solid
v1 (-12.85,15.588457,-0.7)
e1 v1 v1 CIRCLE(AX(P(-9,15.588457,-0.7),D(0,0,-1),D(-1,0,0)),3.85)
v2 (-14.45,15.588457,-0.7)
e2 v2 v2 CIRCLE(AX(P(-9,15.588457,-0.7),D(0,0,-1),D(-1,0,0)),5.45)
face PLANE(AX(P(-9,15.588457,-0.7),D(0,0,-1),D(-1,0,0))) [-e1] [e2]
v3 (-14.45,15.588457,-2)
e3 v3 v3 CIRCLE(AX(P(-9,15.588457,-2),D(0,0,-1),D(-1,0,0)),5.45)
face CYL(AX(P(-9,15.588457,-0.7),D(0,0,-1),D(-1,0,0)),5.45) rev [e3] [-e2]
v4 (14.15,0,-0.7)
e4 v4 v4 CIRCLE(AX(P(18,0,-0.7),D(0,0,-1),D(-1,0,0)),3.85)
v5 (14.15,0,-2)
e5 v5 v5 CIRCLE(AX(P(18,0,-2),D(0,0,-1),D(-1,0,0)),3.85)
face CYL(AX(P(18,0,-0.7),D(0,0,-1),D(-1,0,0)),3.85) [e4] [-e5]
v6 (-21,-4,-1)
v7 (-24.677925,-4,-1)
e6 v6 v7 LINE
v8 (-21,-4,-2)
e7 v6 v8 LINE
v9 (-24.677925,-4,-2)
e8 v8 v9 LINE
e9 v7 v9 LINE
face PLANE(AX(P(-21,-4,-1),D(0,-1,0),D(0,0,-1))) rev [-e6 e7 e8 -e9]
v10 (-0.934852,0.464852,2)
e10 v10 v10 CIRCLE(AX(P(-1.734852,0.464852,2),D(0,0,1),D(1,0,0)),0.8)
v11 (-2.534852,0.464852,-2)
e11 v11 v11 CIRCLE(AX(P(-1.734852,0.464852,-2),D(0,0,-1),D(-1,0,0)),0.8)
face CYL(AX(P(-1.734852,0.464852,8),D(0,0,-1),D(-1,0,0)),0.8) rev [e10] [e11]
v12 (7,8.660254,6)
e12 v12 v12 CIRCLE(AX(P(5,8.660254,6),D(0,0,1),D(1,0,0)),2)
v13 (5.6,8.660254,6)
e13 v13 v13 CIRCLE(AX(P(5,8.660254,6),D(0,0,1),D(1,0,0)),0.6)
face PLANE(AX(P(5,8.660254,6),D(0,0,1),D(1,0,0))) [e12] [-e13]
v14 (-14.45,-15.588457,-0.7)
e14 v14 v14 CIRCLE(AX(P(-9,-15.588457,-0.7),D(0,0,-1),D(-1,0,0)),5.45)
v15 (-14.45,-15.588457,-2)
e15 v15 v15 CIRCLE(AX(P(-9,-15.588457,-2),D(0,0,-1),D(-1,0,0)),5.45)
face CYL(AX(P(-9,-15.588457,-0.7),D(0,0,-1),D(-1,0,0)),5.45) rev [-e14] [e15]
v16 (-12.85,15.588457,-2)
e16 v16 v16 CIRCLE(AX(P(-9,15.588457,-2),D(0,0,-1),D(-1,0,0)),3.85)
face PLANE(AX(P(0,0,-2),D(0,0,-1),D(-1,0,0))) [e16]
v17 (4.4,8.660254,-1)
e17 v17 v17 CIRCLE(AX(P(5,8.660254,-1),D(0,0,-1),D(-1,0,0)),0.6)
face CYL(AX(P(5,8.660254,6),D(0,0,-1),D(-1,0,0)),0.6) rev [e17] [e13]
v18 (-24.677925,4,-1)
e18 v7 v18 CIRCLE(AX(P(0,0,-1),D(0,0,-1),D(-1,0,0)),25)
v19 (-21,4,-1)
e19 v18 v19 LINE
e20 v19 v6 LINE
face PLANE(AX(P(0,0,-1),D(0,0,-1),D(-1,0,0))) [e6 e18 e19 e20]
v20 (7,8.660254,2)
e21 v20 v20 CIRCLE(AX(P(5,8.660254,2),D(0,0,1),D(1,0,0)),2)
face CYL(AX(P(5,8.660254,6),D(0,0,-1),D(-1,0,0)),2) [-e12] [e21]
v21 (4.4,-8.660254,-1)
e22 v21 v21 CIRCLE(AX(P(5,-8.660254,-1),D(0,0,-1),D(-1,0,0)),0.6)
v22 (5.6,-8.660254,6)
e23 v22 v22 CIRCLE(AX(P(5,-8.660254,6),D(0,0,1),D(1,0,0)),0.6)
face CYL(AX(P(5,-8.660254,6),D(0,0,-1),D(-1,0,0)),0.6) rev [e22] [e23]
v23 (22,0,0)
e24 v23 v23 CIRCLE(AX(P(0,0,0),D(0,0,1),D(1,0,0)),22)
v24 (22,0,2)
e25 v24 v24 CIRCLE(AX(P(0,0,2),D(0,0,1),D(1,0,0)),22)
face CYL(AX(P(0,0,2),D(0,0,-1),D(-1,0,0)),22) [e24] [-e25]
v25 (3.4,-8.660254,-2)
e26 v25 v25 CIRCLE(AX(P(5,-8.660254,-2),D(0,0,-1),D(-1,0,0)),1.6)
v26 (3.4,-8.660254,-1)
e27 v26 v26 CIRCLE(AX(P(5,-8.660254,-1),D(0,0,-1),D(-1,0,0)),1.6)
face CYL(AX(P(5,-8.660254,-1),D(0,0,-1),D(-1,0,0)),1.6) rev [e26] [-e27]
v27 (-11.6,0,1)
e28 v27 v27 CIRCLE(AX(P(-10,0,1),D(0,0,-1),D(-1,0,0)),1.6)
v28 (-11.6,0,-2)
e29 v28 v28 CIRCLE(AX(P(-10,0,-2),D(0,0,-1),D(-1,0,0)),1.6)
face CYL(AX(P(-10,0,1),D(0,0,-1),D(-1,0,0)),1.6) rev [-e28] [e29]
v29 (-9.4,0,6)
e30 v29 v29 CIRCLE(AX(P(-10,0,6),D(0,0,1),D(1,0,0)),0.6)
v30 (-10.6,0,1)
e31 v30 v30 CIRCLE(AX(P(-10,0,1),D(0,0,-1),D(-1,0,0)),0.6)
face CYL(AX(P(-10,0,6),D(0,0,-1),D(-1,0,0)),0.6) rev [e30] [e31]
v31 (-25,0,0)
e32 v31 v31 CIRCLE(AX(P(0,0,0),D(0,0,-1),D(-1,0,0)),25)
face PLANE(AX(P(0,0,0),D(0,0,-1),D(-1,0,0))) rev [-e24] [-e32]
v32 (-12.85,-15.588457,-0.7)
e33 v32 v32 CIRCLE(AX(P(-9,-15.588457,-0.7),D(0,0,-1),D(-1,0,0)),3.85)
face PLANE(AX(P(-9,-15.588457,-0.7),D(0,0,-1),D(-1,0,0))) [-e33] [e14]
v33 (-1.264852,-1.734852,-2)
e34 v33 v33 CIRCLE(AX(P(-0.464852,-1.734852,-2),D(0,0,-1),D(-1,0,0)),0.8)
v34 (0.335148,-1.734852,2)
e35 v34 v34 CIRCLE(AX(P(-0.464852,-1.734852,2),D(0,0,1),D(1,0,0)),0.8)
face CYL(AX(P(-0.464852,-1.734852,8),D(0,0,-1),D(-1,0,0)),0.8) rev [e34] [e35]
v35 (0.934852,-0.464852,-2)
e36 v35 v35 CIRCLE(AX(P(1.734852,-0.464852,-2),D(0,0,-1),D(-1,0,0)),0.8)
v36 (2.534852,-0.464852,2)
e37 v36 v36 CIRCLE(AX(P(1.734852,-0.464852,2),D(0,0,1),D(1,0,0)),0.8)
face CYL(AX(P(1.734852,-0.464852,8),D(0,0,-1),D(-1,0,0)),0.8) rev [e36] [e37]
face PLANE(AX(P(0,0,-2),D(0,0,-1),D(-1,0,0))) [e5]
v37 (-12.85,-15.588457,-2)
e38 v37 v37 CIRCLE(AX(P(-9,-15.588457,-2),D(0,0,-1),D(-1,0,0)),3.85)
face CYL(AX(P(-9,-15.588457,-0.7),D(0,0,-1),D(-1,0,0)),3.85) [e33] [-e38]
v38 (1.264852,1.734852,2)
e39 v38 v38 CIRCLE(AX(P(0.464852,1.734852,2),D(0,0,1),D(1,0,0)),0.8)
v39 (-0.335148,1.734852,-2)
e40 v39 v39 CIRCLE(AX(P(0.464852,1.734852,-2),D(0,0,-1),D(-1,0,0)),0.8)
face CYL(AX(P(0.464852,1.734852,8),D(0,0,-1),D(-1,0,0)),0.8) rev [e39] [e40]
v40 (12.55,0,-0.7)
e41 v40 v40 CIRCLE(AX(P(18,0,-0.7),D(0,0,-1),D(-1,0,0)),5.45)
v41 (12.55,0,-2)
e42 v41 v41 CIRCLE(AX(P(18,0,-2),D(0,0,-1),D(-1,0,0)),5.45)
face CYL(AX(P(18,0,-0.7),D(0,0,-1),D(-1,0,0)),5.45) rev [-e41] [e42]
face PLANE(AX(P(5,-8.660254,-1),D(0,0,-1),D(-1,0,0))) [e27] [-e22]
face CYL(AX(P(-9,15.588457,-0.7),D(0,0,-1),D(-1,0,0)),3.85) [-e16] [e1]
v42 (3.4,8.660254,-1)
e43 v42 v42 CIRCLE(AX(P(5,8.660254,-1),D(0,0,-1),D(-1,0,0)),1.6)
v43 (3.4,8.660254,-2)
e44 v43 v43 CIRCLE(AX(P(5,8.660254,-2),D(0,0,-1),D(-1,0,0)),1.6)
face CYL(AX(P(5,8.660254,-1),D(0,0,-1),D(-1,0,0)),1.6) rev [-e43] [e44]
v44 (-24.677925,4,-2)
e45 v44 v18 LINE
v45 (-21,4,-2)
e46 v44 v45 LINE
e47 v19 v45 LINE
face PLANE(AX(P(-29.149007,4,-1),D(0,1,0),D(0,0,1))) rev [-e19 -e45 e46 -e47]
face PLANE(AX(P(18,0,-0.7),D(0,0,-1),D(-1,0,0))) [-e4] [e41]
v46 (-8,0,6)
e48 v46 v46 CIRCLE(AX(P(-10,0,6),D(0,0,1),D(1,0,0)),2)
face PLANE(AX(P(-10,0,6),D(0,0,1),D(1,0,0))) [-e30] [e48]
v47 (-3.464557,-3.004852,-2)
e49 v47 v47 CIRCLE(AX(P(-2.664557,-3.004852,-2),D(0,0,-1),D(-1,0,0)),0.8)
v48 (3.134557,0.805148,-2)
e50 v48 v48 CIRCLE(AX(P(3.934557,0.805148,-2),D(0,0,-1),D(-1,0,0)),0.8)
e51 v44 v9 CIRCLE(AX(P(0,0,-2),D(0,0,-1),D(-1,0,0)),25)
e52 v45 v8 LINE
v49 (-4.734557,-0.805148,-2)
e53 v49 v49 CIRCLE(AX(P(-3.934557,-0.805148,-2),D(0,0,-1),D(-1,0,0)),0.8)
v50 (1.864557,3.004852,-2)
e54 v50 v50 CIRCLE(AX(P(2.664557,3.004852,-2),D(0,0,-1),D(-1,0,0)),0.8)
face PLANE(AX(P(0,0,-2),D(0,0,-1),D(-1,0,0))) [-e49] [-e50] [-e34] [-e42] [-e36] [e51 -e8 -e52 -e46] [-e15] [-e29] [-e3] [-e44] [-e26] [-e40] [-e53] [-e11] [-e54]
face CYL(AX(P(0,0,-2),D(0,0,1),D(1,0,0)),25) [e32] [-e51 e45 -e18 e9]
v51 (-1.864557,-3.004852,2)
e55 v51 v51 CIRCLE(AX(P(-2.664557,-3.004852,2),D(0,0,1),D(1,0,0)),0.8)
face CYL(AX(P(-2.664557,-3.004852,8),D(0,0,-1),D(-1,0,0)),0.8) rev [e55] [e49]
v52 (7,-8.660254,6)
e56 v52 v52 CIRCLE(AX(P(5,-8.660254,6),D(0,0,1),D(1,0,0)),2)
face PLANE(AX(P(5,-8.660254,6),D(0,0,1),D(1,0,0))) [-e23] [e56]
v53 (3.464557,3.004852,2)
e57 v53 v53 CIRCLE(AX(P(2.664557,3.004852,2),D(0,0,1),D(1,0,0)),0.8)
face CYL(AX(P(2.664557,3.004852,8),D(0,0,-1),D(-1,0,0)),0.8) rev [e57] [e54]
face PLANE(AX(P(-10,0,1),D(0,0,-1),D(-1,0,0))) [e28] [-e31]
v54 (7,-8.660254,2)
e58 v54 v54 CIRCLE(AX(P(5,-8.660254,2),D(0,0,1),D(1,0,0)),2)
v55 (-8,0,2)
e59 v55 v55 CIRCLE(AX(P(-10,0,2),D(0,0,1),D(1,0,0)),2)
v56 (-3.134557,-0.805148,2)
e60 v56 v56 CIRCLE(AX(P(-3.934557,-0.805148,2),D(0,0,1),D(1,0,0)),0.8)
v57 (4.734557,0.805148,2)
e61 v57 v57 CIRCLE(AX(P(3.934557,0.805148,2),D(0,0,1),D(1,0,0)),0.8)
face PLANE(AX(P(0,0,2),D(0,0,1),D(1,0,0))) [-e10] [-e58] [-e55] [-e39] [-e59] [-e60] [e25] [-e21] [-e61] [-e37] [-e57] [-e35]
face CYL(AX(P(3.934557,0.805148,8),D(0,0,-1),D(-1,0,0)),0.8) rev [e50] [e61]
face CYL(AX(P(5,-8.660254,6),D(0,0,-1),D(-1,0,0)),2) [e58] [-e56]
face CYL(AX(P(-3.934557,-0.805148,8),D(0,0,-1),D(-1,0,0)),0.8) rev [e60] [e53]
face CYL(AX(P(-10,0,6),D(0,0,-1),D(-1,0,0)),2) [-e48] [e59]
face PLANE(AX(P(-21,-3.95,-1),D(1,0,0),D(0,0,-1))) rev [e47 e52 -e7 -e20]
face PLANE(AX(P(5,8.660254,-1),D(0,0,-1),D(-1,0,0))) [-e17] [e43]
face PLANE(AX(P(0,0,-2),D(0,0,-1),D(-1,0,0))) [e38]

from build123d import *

# Parameters (mm, degrees)
SKETCH_1_R          = 22
EXTRUDE_1_DEPTH     = 2
SKETCH_2_R          = 2
SKETCH_2_R_2        = 0.6
EXTRUDE_2_DEPTH     = 4
SKETCH_3_R          = 25
EXTRUDE_3_DEPTH     = 2
CUT_EXTRUDE_2_DEPTH = 1
SKETCH_6_R          = 5.45
SKETCH_6_R_2        = 3.85
CUT_EXTRUDE_3_DEPTH = 1.3
SKETCH_8_R          = 0.6
CUT_EXTRUDE_4_DEPTH = 18.5
SKETCH_9_R          = 16.695755265
CUT_EXTRUDE_5_DEPTH = 2
SKETCH_10_R         = 1.6
CUT_EXTRUDE_6_DEPTH = 1
SKETCH_11_R         = 1.6
CUT_EXTRUDE_7_DEPTH = 3
SKETCH_13_R         = 2
SKETCH_13_R_2       = 0.6
EXTRUDE_4_DEPTH     = 2
SKETCH_14_R         = 0.8
CUT_EXTRUDE_8_DEPTH = 10


with BuildPart() as part:
    # 草图1 → 凸台-拉伸1 (new body)
    with BuildSketch(Plane.XY):
        Circle(SKETCH_1_R)
    extrude(amount=EXTRUDE_1_DEPTH)

    # 草图2 → 凸台-拉伸2 (add)
    with BuildSketch(Plane.XY.offset(2)):
        with Locations((-10, 0)):
            Circle(SKETCH_2_R)
        with Locations((-10, 0)):
            Circle(SKETCH_2_R_2, mode=Mode.SUBTRACT)
        with Locations((5, 8.660254038)):
            Circle(SKETCH_2_R)
        with Locations((5, 8.660254038)):
            Circle(SKETCH_2_R_2, mode=Mode.SUBTRACT)
        with Locations((5, -8.660254038)):
            Circle(SKETCH_2_R)
        with Locations((5, -8.660254038)):
            Circle(SKETCH_2_R_2, mode=Mode.SUBTRACT)
    extrude(amount=EXTRUDE_2_DEPTH)

    # 草图3 → 凸台-拉伸3 (add)
    with BuildSketch(Plane(origin=(0, 0, 0), x_dir=(-1, 0, 0), z_dir=(0, 0, -1))):
        Circle(SKETCH_3_R)
    extrude(amount=EXTRUDE_3_DEPTH)

    # 草图5 → 切除-拉伸2 (cut)
    with BuildSketch(Plane(origin=(0, 0, -2), x_dir=(-1, 0, 0), z_dir=(0, 0, -1))):
        Polygon((21, -3.95), (21, -4), (29.149006969, -4), (29.149006969, 4), (21, 4), align=None)
    extrude(amount=-CUT_EXTRUDE_2_DEPTH, mode=Mode.SUBTRACT)

    # 草图6 → 切除-拉伸3 (cut)
    with BuildSketch(Plane(origin=(0, 0, -2), x_dir=(-1, 0, 0), z_dir=(0, 0, -1))):
        with Locations((-18, 0)):
            Circle(SKETCH_6_R)
        with Locations((-18, 0)):
            Circle(SKETCH_6_R_2, mode=Mode.SUBTRACT)
        with Locations((9, 15.588457268)):
            Circle(SKETCH_6_R)
        with Locations((9, 15.588457268)):
            Circle(SKETCH_6_R_2, mode=Mode.SUBTRACT)
        with Locations((9, -15.588457268)):
            Circle(SKETCH_6_R)
        with Locations((9, -15.588457268)):
            Circle(SKETCH_6_R_2, mode=Mode.SUBTRACT)
    extrude(amount=-CUT_EXTRUDE_3_DEPTH, mode=Mode.SUBTRACT)

    # 草图8 → 切除-拉伸4 (cut)
    with BuildSketch(Plane.XY.offset(6)):
        with Locations((5, -8.660254038)):
            Circle(SKETCH_8_R)
        with Locations((-10, 0)):
            Circle(SKETCH_8_R)
        with Locations((5, 8.660254038)):
            Circle(SKETCH_8_R)
    extrude(amount=-CUT_EXTRUDE_4_DEPTH, mode=Mode.SUBTRACT)

    # 草图9 → 切除-拉伸5 (cut)
    with BuildSketch(Plane.XY.offset(6)):
        Circle(SKETCH_9_R)
    extrude(amount=-CUT_EXTRUDE_5_DEPTH, mode=Mode.SUBTRACT)

    # 草图10 → 切除-拉伸6 (cut)
    with BuildSketch(Plane(origin=(0, 0, -2), x_dir=(-1, 0, 0), z_dir=(0, 0, -1))):
        with Locations((-5, -8.660254038)):
            Circle(SKETCH_10_R)
        with Locations((-5, 8.660254038)):
            Circle(SKETCH_10_R)
    extrude(amount=-CUT_EXTRUDE_6_DEPTH, mode=Mode.SUBTRACT)

    # 草图11 → 切除-拉伸7 (cut)
    with BuildSketch(Plane(origin=(0, 0, -2), x_dir=(-1, 0, 0), z_dir=(0, 0, -1))):
        with Locations((10, 0)):
            Circle(SKETCH_11_R)
    extrude(amount=-CUT_EXTRUDE_7_DEPTH, mode=Mode.SUBTRACT)

    # 草图13 → 凸台-拉伸4 (add)
    with BuildSketch(Plane.XY.offset(4)):
        with Locations((-10, 0)):
            Circle(SKETCH_13_R)
        with Locations((-10, 0)):
            Circle(SKETCH_13_R_2, mode=Mode.SUBTRACT)
        with Locations((5, 8.660254038)):
            Circle(SKETCH_13_R)
        with Locations((5, 8.660254038)):
            Circle(SKETCH_13_R_2, mode=Mode.SUBTRACT)
        with Locations((5, -8.660254038)):
            Circle(SKETCH_13_R)
        with Locations((5, -8.660254038)):
            Circle(SKETCH_13_R_2, mode=Mode.SUBTRACT)
    extrude(amount=EXTRUDE_4_DEPTH)

    # 草图14 → 切除-拉伸8 (cut)
    with BuildSketch(Plane(origin=(0, 0, -2), x_dir=(-1, 0, 0), z_dir=(0, 0, -1))):
        with Locations((-2.664556788, 3.004852263)):
            Circle(SKETCH_14_R)
        with Locations((-0.464852263, 1.734852263)):
            Circle(SKETCH_14_R)
        with Locations((1.734852263, 0.464852263)):
            Circle(SKETCH_14_R)
        with Locations((3.934556788, -0.805147737)):
            Circle(SKETCH_14_R)
        with Locations((-1.734852263, -0.464852263)):
            Circle(SKETCH_14_R)
        with Locations((0.464852263, -1.734852263)):
            Circle(SKETCH_14_R)
        with Locations((2.664556788, -3.004852263)):
            Circle(SKETCH_14_R)
        with Locations((-3.934556788, 0.805147737)):
            Circle(SKETCH_14_R)
    extrude(amount=-CUT_EXTRUDE_8_DEPTH, mode=Mode.SUBTRACT)


solid = part.part
